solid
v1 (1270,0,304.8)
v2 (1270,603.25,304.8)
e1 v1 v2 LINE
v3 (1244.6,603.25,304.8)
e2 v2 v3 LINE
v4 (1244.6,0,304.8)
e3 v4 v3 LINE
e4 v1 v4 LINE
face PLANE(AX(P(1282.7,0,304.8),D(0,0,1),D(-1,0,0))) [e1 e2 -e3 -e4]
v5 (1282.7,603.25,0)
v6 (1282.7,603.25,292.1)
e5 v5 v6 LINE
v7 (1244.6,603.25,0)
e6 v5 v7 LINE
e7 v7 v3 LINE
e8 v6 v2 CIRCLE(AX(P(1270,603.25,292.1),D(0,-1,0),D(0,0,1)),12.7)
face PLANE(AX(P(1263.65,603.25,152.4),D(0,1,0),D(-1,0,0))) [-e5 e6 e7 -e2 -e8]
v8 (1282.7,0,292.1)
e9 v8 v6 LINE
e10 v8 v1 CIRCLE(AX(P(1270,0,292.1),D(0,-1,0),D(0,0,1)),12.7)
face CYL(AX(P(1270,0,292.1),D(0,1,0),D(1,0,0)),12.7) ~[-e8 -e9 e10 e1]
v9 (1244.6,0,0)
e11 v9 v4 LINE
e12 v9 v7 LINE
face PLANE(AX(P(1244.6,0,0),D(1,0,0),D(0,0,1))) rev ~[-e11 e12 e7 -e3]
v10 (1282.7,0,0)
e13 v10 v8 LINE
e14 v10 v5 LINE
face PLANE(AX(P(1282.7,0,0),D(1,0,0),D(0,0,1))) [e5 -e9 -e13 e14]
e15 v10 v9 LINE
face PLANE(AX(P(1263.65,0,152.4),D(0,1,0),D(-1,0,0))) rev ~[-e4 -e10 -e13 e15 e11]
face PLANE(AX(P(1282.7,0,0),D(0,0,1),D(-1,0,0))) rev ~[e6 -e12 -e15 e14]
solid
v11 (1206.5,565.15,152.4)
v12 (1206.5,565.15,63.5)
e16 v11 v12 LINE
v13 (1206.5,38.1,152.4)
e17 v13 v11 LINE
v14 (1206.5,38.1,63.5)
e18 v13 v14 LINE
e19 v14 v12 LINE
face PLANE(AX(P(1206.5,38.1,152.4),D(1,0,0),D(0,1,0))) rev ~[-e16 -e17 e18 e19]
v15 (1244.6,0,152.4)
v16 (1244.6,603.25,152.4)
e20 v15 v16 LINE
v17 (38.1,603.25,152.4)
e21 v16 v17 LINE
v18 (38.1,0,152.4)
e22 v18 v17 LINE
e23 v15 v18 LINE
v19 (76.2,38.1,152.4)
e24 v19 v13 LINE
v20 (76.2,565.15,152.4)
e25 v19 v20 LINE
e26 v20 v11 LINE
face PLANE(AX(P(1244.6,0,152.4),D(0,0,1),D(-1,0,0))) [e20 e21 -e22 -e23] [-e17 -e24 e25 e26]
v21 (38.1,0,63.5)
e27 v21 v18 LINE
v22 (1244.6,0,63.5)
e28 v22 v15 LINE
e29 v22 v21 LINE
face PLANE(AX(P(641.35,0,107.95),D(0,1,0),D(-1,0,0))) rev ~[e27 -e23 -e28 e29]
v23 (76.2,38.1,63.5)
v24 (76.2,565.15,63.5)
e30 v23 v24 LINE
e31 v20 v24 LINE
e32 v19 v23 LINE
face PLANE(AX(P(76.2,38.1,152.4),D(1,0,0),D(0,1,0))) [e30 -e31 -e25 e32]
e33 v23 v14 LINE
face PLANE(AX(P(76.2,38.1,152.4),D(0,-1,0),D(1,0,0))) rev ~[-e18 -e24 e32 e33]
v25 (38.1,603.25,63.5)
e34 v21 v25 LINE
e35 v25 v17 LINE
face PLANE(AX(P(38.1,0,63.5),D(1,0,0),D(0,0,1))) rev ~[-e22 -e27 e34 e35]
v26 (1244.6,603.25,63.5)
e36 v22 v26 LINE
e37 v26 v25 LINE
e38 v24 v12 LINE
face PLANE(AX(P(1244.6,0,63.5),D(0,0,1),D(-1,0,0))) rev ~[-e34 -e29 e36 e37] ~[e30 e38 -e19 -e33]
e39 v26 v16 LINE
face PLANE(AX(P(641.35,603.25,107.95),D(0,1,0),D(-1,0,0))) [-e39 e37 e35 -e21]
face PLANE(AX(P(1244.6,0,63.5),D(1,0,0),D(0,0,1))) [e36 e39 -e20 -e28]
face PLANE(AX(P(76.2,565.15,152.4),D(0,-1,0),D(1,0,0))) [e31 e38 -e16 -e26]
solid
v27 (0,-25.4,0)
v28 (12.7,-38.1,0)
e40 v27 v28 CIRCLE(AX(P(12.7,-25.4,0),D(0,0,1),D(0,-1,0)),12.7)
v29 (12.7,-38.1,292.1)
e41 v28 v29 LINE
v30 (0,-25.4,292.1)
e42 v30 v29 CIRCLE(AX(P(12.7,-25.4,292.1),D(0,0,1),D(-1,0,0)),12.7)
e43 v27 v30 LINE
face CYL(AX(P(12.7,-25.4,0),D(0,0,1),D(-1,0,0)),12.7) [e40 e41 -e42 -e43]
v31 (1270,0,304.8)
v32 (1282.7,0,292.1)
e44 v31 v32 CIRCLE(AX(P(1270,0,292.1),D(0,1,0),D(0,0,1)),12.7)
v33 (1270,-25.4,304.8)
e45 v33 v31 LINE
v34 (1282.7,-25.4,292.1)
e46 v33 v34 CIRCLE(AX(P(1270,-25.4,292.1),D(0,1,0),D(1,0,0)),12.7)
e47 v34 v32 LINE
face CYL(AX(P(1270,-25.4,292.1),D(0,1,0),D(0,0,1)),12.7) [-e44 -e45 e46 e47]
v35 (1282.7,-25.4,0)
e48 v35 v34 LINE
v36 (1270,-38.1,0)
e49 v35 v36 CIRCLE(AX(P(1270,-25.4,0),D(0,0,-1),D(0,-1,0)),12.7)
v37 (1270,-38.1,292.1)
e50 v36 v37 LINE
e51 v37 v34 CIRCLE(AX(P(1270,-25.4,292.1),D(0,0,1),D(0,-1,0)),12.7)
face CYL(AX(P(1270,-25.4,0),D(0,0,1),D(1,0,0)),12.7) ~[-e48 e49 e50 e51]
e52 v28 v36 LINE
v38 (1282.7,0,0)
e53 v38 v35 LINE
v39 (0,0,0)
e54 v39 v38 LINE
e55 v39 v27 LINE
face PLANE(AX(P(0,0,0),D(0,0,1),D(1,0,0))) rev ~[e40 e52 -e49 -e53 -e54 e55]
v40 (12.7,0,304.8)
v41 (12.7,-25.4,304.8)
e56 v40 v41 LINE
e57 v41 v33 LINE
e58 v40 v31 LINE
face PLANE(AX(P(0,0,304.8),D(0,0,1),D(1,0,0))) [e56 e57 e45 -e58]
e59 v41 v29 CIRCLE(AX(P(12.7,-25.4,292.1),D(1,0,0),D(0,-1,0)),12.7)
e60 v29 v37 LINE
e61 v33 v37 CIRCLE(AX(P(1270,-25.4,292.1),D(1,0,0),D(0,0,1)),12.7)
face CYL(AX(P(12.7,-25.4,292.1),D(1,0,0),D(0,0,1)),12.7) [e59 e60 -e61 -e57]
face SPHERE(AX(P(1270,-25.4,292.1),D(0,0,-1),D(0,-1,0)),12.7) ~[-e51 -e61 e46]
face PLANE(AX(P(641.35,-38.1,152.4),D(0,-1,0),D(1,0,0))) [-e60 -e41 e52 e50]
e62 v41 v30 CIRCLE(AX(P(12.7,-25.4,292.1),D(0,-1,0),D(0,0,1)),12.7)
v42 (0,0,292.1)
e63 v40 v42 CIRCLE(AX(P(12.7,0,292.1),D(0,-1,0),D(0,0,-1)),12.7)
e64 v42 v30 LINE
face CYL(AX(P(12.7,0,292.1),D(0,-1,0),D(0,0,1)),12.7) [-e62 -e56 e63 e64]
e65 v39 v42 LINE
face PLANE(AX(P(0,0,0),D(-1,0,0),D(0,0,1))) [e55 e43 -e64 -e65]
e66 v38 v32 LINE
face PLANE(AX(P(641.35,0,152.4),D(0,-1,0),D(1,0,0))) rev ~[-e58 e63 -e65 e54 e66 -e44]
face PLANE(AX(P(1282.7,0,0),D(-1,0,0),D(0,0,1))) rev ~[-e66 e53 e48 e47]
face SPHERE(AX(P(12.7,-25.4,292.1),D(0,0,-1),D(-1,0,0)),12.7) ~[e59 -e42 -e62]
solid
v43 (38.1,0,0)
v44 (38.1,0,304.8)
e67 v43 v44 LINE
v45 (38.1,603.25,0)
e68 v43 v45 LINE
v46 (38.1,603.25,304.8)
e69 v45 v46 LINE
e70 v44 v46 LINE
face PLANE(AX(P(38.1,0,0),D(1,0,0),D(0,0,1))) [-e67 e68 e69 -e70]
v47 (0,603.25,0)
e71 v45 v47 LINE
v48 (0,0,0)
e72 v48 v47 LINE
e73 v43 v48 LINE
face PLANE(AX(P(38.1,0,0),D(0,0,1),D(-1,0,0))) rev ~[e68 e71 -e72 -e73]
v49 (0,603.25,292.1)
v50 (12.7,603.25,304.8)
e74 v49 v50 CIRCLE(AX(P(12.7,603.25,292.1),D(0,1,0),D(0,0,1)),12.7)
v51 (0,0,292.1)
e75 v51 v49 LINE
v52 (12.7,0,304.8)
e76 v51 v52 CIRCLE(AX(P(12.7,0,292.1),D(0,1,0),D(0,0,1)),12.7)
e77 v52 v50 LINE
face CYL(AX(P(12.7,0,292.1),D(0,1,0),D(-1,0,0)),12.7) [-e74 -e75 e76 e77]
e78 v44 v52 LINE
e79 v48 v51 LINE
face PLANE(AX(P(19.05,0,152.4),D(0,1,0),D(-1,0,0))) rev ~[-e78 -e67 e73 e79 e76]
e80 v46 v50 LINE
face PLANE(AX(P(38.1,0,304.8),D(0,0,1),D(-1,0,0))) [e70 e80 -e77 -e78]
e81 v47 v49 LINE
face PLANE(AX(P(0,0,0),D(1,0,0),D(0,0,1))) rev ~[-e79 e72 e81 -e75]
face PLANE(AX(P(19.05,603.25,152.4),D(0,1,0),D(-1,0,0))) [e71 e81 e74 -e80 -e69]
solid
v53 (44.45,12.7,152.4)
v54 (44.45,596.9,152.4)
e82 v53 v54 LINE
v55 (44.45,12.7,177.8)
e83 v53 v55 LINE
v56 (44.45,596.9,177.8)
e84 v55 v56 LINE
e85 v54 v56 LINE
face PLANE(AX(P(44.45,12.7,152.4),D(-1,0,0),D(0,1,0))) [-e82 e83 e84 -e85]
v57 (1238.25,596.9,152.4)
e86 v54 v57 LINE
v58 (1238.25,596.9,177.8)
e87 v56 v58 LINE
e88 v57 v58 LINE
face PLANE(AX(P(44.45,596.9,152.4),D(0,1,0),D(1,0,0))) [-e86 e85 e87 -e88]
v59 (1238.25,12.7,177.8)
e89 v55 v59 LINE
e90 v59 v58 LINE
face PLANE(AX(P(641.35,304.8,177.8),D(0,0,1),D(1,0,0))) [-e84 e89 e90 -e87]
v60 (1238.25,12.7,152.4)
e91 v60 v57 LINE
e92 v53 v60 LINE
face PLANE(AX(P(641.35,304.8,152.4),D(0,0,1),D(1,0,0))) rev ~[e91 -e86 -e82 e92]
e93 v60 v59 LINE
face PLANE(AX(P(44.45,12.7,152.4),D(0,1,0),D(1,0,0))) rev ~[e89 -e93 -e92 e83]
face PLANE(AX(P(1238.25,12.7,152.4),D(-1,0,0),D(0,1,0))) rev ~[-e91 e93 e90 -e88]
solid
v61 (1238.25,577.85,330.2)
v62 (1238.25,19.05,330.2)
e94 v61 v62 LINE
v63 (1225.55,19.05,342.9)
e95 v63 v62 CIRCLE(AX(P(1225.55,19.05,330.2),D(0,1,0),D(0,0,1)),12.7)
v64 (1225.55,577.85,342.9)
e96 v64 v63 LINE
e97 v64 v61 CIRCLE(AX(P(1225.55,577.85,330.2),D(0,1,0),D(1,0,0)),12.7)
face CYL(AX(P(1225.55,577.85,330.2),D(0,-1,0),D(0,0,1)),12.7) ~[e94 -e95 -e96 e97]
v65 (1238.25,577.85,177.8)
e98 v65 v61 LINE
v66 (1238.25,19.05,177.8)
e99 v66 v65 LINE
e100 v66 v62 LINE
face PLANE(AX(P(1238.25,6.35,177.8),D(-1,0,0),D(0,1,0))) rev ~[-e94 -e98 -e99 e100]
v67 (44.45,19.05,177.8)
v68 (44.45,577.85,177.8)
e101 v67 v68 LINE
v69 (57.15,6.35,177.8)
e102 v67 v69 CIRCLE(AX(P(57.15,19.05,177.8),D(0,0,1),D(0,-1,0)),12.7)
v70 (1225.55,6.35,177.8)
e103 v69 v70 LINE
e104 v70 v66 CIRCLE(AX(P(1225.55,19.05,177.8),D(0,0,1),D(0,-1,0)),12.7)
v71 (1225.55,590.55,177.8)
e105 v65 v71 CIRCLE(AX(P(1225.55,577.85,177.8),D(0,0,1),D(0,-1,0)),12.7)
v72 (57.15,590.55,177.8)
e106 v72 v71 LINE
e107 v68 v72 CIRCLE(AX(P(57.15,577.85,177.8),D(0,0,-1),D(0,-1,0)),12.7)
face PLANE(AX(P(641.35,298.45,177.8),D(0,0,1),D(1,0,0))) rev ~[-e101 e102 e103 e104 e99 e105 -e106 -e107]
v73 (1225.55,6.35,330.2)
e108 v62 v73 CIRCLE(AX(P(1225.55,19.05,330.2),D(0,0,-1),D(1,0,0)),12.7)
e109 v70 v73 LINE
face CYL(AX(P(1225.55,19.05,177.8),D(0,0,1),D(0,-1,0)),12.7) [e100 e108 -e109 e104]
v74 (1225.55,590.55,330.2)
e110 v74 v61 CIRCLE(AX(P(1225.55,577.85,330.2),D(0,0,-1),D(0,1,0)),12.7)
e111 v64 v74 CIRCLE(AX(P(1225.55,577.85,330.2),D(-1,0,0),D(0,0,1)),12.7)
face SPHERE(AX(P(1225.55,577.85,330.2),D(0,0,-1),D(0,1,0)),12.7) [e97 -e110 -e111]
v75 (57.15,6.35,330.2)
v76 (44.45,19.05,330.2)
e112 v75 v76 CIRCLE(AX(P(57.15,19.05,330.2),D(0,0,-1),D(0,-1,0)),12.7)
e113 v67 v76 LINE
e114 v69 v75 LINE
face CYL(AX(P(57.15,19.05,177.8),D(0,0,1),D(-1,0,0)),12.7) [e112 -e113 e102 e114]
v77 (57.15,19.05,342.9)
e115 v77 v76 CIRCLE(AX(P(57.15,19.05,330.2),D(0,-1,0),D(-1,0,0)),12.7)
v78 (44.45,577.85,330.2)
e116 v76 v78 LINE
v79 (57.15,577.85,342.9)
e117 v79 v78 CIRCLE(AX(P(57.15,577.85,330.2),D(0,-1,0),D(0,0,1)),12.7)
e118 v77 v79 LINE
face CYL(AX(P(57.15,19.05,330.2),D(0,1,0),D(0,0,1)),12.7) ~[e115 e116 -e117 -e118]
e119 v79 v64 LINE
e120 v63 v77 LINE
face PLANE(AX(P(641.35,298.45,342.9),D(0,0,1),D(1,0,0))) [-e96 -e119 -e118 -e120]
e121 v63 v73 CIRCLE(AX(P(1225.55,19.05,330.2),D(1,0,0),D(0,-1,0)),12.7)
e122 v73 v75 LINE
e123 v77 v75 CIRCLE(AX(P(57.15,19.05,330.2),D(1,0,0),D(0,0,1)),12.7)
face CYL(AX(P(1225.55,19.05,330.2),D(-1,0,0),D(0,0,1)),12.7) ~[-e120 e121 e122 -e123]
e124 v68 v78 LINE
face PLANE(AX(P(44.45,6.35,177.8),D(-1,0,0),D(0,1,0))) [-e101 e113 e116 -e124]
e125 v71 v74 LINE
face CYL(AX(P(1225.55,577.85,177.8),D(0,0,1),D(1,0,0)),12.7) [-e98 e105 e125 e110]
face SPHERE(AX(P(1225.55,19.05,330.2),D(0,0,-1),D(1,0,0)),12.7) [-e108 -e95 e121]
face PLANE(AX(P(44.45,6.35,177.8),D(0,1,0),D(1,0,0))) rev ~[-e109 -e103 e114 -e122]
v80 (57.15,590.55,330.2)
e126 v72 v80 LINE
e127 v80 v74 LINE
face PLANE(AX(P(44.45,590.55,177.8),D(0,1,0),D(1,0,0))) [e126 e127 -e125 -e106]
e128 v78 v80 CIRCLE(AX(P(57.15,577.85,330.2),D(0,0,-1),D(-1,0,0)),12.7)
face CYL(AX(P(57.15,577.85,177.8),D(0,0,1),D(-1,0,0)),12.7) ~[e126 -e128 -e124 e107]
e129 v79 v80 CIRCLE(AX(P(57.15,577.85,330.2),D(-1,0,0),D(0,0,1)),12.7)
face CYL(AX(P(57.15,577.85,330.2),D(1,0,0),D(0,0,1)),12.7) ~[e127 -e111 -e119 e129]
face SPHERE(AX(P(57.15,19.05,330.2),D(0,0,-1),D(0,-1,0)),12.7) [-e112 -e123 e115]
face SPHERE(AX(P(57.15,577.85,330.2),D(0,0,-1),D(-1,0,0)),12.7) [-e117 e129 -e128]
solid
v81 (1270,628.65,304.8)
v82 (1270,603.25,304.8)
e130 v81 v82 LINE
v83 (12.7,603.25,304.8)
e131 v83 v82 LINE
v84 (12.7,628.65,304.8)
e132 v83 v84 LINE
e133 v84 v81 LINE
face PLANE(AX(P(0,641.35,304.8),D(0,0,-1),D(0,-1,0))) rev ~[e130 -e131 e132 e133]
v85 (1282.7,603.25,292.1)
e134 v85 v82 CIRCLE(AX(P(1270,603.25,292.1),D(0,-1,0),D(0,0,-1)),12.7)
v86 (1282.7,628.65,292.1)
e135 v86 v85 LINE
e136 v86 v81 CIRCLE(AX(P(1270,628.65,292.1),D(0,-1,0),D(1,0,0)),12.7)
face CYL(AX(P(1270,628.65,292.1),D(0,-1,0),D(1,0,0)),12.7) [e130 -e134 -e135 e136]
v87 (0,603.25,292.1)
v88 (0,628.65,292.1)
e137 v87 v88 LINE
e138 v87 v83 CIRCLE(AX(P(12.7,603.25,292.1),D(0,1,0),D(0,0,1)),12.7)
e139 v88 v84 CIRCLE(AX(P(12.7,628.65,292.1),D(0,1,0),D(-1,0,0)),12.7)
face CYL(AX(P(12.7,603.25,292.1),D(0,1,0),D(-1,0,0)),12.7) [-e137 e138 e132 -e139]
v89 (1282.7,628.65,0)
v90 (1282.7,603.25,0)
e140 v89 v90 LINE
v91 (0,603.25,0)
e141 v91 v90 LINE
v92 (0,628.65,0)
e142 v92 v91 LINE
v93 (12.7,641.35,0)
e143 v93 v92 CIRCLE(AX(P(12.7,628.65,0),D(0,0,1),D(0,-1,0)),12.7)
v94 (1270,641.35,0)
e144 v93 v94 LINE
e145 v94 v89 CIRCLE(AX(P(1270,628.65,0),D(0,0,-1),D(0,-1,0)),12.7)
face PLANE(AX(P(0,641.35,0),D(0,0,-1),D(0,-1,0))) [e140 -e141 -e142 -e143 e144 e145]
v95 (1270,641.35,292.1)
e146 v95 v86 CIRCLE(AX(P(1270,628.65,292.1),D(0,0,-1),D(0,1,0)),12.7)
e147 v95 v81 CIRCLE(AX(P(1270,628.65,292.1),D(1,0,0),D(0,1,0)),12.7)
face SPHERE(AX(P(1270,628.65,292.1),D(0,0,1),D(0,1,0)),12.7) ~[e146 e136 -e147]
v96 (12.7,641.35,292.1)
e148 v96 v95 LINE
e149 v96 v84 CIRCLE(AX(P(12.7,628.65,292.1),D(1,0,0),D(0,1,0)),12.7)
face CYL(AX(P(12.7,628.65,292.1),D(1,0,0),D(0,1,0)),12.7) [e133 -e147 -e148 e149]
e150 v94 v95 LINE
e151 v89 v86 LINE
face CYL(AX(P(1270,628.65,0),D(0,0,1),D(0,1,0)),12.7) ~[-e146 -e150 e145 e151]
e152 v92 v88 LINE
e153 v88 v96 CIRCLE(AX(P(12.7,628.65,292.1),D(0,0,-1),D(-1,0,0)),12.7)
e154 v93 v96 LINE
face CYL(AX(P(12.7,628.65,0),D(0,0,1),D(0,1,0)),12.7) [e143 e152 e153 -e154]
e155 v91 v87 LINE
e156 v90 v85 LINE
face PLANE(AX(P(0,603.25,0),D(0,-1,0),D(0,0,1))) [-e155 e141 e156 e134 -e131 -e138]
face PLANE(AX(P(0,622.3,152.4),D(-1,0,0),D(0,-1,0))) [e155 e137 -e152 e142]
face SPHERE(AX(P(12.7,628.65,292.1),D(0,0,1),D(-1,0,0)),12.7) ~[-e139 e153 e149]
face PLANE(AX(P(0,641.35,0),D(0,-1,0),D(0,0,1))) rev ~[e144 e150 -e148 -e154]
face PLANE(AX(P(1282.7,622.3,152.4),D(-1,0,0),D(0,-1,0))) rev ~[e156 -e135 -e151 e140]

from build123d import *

# Parameters (mm, degrees)
F0_W      = 1282.7
F0_H      = 304.8
F1_DEPTH  = 38.1
F2_W      = 38.1
F2_H      = 304.8
F3_DEPTH  = 603.25
F4_W      = 38.1
F4_H      = 304.8
F5_DEPTH  = 1282.7
F6_W      = 1206.5
F6_H      = 88.9
F7_DEPTH  = 603.25
F8_W      = 1130.3
F8_H      = 527.05
F9_DEPTH  = 152.401
F10_W     = 1193.8
F10_H     = 584.2
F11_DEPTH = 25.4
F12_W     = 1193.8
F12_H     = 584.2
F13_DEPTH = 165.1
F14_R     = 12.7
F14_2_R   = 12.7
F15_R     = 12.7
F15_2_R   = 12.7
F15_3_R   = 12.7
F15_4_R   = 12.7
F16_R     = 12.7
F17_R     = 12.7


with BuildPart() as f1:
    # F0 (on Front) → F1 (new body)
    with BuildSketch(Plane.XZ):
        with Locations((641.35, 152.4)):
            Rectangle(F0_W, F0_H)
    extrude(amount=F1_DEPTH)

    # F14#2
    f14_2_edges = [f1.edges().sort_by_distance(p)[0] for p in [
        (0, -38.1, 152.4),
        (1282.7, -38.1, 152.4),
    ]]
    fillet(f14_2_edges, radius=F14_2_R)

    # F15#4
    f15_4_edges = [f1.edges().sort_by_distance(p)[0] for p in [
        (641.35, -38.1, 304.8),
    ]]
    fillet(f15_4_edges, radius=F15_4_R)


with BuildPart() as f3:
    # F2 (on face) → F3 (new body)
    with BuildSketch(Plane(origin=(0, 0, 0), x_dir=(-1, 0, 0), z_dir=(0, 1, 0))):
        with Locations((-1263.65, 152.4)):
            Rectangle(F2_W, F2_H)
    extrude(amount=F3_DEPTH)

    # F15#3
    f15_3_edges = [f3.edges().sort_by_distance(p)[0] for p in [
        (1282.7, 301.625, 304.8),
    ]]
    fillet(f15_3_edges, radius=F15_3_R)


with BuildPart() as f3b:
    # F2 (on face) → F3, piece 2 (new body)
    with BuildSketch(Plane(origin=(0, 0, 0), x_dir=(-1, 0, 0), z_dir=(0, 1, 0))):
        with Locations((-19.05, 152.4)):
            Rectangle(F2_W, F2_H)
    extrude(amount=F3_DEPTH)

    # F15#2
    f15_2_edges = [f3b.edges().sort_by_distance(p)[0] for p in [
        (0, 301.625, 304.8),
    ]]
    fillet(f15_2_edges, radius=F15_2_R)


with BuildPart() as f5:
    # F4 (on face) → F5 (new body, through all)
    with BuildSketch(Plane(origin=(0, 0, 0), x_dir=(0, -1, 0), z_dir=(-1, 0, 0))):
        with Locations((-622.3, 152.4)):
            Rectangle(F4_W, F4_H)
    extrude(amount=-F5_DEPTH)

    # F14
    f14_edges = [f5.edges().sort_by_distance(p)[0] for p in [
        (0, 641.35, 152.4),
        (1282.7, 641.35, 152.4),
    ]]
    fillet(f14_edges, radius=F14_R)

    # F15
    f15_edges = [f5.edges().sort_by_distance(p)[0] for p in [
        (641.35, 641.35, 304.8),
    ]]
    fillet(f15_edges, radius=F15_R)


with BuildPart() as f7:
    # F6 (on face) → F7 (new body, through all)
    with BuildSketch(Plane(origin=(0, 0, 0), x_dir=(-1, 0, 0), z_dir=(0, 1, 0))):
        with Locations((-641.35, 107.95)):
            Rectangle(F6_W, F6_H)
    extrude(amount=F7_DEPTH)

    # F8 (on face) → F9 (cut, through all)
    with BuildSketch(Plane.XY.offset(152.4)):
        with Locations((641.35, 301.625)):
            Rectangle(F8_W, F8_H)
    extrude(amount=-F9_DEPTH, mode=Mode.SUBTRACT)


with BuildPart() as f11:
    # F10 (on face) → F11 (new body)
    with BuildSketch(Plane.XY.offset(152.4)):
        with Locations((641.35, 304.8)):
            Rectangle(F10_W, F10_H)
    extrude(amount=F11_DEPTH)


with BuildPart() as f13:
    # F12 (on face) → F13 (new body)
    with BuildSketch(Plane.XY.offset(177.8)):
        with Locations((641.35, 298.45)):
            Rectangle(F12_W, F12_H)
    extrude(amount=F13_DEPTH)

    # F16
    f16_edges = [f13.edges().sort_by_distance(p)[0] for p in [
        (44.45, 590.55, 260.35),
        (1238.25, 590.55, 260.35),
        (1238.25, 6.35, 260.35),
        (44.45, 6.35, 260.35),
    ]]
    fillet(f16_edges, radius=F16_R)

    # F17
    f17_edges = [f13.edges().sort_by_distance(p)[0] for p in [
        (641.35, 590.55, 342.9),
    ]]
    fillet(f17_edges, radius=F17_R)


solid = Compound([f1.part, f3.part, f3b.part, f5.part, f7.part, f11.part, f13.part])
